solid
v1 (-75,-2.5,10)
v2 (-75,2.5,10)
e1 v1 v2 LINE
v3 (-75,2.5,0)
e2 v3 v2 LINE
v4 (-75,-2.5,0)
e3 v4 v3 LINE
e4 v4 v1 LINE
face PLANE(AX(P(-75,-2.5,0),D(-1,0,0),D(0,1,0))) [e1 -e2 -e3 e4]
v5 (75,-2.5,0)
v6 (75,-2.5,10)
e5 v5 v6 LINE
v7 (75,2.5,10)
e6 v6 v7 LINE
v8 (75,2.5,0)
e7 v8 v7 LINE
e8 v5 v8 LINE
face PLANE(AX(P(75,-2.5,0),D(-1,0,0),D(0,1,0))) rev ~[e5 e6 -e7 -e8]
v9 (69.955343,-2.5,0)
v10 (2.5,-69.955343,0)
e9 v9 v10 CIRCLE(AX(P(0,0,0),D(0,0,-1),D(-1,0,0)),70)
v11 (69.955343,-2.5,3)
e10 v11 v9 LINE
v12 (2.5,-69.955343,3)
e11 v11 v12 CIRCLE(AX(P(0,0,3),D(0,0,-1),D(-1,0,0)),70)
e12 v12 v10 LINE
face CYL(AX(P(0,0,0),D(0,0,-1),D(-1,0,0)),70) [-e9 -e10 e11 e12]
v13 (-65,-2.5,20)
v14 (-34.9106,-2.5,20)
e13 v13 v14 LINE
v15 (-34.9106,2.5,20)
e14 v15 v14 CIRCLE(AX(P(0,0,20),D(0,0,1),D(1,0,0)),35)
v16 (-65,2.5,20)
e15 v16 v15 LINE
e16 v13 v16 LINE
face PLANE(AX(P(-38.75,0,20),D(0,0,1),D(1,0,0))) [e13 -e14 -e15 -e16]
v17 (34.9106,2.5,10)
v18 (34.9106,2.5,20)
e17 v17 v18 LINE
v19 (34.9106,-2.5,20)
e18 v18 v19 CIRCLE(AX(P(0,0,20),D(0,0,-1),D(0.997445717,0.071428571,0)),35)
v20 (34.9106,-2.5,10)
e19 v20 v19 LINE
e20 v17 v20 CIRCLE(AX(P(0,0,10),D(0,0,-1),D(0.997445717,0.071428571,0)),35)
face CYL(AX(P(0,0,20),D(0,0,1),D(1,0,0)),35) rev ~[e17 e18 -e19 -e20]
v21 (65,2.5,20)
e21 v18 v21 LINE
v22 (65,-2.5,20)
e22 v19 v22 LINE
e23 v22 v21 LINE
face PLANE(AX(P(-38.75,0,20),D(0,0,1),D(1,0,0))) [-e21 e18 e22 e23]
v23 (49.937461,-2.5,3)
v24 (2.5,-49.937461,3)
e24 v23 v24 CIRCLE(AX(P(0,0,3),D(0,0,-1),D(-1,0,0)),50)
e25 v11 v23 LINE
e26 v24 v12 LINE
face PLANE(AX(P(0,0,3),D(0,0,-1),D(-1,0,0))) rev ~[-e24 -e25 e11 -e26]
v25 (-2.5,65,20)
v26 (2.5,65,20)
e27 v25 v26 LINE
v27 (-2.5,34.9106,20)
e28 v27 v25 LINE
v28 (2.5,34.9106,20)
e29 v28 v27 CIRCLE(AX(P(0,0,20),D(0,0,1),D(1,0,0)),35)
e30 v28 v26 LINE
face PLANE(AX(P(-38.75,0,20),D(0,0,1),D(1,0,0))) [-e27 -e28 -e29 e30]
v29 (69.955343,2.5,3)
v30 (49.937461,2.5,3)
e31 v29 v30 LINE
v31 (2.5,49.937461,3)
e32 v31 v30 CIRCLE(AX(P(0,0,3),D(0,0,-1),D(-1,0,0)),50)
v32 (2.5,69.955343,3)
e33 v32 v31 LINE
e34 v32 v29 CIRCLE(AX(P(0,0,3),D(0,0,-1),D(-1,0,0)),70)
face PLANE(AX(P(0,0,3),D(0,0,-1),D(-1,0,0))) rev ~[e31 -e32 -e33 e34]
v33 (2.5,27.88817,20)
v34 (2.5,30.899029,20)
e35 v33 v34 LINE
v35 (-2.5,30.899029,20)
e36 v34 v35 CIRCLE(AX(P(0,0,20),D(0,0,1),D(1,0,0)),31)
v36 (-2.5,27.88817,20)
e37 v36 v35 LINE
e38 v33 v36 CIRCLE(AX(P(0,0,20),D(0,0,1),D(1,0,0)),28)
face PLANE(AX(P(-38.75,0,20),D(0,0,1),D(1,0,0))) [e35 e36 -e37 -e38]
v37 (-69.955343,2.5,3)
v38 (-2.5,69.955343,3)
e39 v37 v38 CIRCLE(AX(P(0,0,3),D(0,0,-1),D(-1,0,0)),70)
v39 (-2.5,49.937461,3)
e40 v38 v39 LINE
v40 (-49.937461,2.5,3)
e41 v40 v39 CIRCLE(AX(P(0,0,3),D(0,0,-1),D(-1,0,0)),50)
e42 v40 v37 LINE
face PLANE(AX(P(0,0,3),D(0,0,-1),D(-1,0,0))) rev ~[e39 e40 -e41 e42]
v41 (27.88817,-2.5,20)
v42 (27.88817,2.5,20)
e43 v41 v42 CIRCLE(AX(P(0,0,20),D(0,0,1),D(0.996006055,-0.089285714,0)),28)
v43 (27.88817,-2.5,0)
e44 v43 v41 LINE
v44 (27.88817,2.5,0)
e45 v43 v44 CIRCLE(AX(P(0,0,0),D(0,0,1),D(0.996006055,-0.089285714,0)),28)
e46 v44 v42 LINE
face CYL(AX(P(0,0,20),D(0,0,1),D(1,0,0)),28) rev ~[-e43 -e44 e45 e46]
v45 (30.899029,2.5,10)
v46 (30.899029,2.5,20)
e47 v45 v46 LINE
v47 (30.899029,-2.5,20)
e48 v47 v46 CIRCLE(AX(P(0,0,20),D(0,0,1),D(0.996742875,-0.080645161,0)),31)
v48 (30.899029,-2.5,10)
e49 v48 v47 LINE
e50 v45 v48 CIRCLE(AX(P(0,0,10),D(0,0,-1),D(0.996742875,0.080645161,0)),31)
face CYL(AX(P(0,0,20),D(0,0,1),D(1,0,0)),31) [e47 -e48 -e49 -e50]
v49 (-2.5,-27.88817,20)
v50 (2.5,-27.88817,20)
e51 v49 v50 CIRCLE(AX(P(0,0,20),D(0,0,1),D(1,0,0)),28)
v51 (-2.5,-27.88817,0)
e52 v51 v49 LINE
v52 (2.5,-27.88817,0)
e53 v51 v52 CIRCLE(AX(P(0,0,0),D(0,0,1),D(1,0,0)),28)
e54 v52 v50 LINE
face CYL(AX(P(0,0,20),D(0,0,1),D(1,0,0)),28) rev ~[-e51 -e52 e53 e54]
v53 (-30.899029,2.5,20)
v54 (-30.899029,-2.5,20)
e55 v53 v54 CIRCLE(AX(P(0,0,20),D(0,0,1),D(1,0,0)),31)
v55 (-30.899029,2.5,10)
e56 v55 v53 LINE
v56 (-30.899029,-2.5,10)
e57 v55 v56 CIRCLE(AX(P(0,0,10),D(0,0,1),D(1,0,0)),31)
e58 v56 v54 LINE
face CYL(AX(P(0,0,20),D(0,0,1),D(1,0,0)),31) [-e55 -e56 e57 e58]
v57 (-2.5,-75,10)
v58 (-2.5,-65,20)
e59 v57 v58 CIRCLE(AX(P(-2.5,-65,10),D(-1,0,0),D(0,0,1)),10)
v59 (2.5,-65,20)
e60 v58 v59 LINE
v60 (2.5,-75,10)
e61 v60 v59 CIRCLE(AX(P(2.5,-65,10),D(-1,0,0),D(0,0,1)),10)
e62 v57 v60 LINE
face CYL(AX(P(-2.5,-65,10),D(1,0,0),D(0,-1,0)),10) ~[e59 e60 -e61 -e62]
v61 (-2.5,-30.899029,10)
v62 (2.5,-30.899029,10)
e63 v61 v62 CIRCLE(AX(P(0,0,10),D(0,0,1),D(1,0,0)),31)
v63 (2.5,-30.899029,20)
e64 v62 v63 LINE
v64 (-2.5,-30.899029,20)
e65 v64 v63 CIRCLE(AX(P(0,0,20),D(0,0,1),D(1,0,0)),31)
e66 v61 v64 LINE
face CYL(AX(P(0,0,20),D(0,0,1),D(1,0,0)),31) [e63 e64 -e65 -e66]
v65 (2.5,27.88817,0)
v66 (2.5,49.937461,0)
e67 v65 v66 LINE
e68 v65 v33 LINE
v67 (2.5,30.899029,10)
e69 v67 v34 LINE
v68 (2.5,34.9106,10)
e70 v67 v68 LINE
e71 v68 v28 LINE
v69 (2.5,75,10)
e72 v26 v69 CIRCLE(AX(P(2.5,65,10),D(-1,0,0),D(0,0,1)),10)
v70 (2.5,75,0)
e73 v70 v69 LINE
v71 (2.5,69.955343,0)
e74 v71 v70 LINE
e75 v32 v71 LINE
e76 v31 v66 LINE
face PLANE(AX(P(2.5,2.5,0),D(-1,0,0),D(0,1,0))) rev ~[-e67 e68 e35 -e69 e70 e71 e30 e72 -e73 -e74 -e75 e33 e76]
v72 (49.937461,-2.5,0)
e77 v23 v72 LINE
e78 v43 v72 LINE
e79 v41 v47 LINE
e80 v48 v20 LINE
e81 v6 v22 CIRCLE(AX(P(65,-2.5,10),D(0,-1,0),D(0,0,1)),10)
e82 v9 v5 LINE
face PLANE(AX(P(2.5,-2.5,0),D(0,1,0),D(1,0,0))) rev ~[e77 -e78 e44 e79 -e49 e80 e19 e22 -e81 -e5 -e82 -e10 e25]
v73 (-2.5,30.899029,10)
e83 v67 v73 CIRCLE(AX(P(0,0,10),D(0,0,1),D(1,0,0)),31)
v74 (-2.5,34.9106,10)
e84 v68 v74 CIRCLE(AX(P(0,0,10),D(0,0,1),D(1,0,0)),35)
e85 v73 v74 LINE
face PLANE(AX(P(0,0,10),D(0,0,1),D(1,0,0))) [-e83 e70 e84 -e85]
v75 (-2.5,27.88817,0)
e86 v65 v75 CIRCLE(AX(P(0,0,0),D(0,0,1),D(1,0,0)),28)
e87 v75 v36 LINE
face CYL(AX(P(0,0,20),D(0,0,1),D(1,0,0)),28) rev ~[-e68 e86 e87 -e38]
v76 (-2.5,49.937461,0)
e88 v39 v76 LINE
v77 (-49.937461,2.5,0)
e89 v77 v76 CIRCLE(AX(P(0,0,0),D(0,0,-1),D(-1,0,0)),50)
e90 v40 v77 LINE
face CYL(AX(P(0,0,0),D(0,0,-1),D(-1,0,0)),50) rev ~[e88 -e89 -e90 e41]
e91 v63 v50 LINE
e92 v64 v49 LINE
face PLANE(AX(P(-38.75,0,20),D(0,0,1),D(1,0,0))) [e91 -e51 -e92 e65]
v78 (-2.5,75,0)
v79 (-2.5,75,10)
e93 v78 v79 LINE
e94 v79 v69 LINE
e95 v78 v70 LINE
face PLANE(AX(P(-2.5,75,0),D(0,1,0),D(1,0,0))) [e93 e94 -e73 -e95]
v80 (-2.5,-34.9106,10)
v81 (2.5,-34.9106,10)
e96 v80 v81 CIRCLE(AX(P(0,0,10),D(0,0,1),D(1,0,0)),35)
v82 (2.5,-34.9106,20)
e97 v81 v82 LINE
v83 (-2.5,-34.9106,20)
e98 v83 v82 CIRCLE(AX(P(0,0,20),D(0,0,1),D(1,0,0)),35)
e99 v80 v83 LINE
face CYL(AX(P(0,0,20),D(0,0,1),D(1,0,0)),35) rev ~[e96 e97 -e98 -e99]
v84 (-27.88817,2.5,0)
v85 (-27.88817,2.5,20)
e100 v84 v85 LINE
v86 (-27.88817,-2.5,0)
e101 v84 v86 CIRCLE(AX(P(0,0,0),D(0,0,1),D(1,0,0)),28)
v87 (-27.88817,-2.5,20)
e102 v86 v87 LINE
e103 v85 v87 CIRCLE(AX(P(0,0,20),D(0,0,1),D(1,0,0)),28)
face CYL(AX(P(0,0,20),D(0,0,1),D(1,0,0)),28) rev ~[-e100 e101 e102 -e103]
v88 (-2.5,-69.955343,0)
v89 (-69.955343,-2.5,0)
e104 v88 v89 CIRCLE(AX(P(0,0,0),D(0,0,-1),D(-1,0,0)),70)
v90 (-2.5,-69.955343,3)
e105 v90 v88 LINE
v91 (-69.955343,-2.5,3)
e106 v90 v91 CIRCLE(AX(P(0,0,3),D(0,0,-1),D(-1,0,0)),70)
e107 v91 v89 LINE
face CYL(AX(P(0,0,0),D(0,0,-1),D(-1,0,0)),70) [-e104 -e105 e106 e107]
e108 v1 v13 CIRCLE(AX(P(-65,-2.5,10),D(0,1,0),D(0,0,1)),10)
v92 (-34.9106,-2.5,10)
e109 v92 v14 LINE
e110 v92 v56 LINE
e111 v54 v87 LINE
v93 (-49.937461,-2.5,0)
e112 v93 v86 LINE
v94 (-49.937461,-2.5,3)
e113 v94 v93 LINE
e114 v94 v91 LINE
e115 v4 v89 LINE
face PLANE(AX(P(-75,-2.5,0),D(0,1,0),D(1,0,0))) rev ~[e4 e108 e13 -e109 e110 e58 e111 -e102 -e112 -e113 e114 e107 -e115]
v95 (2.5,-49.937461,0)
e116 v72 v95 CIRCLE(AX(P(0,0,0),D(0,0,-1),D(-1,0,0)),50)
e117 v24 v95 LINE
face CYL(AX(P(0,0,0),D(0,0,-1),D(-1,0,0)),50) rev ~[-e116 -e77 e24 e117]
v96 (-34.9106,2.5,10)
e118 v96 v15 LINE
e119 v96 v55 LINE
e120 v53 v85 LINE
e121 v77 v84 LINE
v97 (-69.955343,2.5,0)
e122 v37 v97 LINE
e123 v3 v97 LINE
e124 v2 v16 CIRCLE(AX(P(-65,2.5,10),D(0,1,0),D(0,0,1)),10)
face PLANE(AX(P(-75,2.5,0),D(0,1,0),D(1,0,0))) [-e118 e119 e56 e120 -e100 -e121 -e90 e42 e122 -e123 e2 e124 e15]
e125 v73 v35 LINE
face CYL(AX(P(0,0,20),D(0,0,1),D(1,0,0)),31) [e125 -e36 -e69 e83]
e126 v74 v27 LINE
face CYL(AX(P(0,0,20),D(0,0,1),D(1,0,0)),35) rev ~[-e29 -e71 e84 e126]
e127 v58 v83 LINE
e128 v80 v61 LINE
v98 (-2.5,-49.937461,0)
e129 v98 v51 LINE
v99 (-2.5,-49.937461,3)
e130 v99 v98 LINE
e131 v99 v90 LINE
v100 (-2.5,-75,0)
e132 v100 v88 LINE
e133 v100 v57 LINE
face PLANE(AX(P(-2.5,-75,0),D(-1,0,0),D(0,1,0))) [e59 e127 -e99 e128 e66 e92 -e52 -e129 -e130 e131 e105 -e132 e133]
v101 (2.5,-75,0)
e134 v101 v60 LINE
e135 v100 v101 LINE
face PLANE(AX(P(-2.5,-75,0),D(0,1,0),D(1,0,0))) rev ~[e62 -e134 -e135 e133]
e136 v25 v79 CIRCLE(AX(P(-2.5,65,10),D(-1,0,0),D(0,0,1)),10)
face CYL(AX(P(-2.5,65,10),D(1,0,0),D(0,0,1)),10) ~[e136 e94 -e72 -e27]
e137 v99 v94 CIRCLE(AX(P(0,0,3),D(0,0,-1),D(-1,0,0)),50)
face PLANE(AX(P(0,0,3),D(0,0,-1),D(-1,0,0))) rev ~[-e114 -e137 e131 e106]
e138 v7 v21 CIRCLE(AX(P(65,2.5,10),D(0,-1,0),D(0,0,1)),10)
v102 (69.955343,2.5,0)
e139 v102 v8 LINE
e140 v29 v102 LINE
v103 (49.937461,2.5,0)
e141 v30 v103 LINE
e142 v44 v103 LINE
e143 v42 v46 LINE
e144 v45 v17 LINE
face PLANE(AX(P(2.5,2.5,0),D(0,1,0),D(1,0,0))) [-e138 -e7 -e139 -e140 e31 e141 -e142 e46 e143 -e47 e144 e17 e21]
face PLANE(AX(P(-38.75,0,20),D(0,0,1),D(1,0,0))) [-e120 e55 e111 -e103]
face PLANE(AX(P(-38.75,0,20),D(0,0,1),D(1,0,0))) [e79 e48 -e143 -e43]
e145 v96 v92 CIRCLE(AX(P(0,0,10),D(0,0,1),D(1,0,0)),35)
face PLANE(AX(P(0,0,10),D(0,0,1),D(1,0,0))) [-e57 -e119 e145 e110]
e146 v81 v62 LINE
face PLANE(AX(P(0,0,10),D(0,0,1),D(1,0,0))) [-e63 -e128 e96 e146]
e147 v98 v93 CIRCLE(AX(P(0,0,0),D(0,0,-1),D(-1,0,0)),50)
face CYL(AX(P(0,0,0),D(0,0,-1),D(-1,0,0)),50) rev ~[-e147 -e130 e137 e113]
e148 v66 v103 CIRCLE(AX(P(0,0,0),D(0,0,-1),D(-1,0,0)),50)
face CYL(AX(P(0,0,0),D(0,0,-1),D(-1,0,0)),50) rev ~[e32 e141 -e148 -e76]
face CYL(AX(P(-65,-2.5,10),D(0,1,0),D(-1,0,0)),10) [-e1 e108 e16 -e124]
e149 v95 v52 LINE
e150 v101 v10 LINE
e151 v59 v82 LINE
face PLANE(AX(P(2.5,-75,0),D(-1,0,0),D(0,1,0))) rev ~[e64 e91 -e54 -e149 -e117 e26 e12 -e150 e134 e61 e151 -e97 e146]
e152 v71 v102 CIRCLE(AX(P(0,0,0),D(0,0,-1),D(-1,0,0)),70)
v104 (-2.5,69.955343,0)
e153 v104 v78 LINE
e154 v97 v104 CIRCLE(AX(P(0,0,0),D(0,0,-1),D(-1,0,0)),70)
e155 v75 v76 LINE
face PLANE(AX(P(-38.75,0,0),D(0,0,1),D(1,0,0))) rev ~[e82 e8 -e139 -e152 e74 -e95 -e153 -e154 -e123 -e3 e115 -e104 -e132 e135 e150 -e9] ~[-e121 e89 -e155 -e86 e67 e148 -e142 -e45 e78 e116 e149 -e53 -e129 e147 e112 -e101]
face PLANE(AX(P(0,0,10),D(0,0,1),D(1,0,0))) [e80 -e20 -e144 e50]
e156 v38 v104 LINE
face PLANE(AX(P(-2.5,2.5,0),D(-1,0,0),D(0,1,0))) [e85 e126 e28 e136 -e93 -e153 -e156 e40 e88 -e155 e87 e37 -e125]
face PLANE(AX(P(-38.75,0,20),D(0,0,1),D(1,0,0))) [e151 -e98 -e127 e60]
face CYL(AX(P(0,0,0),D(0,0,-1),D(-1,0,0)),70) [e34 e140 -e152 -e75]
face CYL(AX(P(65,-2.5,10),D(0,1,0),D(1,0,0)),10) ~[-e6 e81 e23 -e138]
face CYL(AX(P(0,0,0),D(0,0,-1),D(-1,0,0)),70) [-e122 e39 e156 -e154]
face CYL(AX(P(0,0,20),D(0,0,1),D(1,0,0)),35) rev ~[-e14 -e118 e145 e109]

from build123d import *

# Parameters (mm, degrees)
SKETCH1_W           = 72.5
SKETCH1_H           = 5
SKETCH1_W_2         = 5
SKETCH1_H_2         = 72.5
BOSS_EXTRUDE1_DEPTH = 20
SKETCH2_R           = 70
SKETCH2_R_2         = 50
BOSS_EXTRUDE2_DEPTH = 3
SKETCH3_R           = 35
SKETCH3_R_2         = 31
CUT_EXTRUDE1_DEPTH  = 10
SKETCH4_R           = 28
CUT_EXTRUDE2_DEPTH  = 21
FILLET1_R           = 10
FILLET2_R           = 10
FILLET3_R           = 10
FILLET4_R           = 10


with BuildPart() as part:
    # Sketch1 → Boss-Extrude1 (new body)
    with BuildSketch(Plane.XY):
        with Locations((-38.75, 0)):
            Rectangle(SKETCH1_W, SKETCH1_H)
        with Locations((38.75, 0)):
            Rectangle(SKETCH1_W, SKETCH1_H)
        with Locations((0, 38.75)):
            Rectangle(SKETCH1_W_2, SKETCH1_H_2)
        with Locations((0, -38.75)):
            Rectangle(SKETCH1_W_2, SKETCH1_H_2)
        Rectangle(SKETCH1_W_2, SKETCH1_H)
    extrude(amount=BOSS_EXTRUDE1_DEPTH)

    # Sketch2 → Boss-Extrude2 (add)
    with BuildSketch(Plane(origin=(0, 0, 0), x_dir=(-1, 0, 0), z_dir=(0, 0, -1))):
        Circle(SKETCH2_R)
        Circle(SKETCH2_R_2, mode=Mode.SUBTRACT)
    extrude(amount=-BOSS_EXTRUDE2_DEPTH)

    # Sketch3 → Cut-Extrude1 (cut)
    with BuildSketch(Plane.XY.offset(20)):
        Circle(SKETCH3_R)
        Circle(SKETCH3_R_2, mode=Mode.SUBTRACT)
    extrude(amount=-CUT_EXTRUDE1_DEPTH, mode=Mode.SUBTRACT)

    # Sketch4 → Cut-Extrude2 (cut, through all)
    with BuildSketch(Plane.XY.offset(20)):
        Circle(SKETCH4_R)
    extrude(amount=-CUT_EXTRUDE2_DEPTH, mode=Mode.SUBTRACT)

    # Fillet1
    fillet1_edges = [part.edges().sort_by_distance(p)[0] for p in [
        (0, 75, 20),
    ]]
    fillet(fillet1_edges, radius=FILLET1_R)

    # Fillet2
    fillet2_edges = [part.edges().sort_by_distance(p)[0] for p in [
        (75, 0, 20),
    ]]
    fillet(fillet2_edges, radius=FILLET2_R)

    # Fillet3
    fillet3_edges = [part.edges().sort_by_distance(p)[0] for p in [
        (-75, 0, 20),
    ]]
    fillet(fillet3_edges, radius=FILLET3_R)

    # Fillet4
    fillet4_edges = [part.edges().sort_by_distance(p)[0] for p in [
        (0, -75, 20),
    ]]
    fillet(fillet4_edges, radius=FILLET4_R)


solid = part.part
